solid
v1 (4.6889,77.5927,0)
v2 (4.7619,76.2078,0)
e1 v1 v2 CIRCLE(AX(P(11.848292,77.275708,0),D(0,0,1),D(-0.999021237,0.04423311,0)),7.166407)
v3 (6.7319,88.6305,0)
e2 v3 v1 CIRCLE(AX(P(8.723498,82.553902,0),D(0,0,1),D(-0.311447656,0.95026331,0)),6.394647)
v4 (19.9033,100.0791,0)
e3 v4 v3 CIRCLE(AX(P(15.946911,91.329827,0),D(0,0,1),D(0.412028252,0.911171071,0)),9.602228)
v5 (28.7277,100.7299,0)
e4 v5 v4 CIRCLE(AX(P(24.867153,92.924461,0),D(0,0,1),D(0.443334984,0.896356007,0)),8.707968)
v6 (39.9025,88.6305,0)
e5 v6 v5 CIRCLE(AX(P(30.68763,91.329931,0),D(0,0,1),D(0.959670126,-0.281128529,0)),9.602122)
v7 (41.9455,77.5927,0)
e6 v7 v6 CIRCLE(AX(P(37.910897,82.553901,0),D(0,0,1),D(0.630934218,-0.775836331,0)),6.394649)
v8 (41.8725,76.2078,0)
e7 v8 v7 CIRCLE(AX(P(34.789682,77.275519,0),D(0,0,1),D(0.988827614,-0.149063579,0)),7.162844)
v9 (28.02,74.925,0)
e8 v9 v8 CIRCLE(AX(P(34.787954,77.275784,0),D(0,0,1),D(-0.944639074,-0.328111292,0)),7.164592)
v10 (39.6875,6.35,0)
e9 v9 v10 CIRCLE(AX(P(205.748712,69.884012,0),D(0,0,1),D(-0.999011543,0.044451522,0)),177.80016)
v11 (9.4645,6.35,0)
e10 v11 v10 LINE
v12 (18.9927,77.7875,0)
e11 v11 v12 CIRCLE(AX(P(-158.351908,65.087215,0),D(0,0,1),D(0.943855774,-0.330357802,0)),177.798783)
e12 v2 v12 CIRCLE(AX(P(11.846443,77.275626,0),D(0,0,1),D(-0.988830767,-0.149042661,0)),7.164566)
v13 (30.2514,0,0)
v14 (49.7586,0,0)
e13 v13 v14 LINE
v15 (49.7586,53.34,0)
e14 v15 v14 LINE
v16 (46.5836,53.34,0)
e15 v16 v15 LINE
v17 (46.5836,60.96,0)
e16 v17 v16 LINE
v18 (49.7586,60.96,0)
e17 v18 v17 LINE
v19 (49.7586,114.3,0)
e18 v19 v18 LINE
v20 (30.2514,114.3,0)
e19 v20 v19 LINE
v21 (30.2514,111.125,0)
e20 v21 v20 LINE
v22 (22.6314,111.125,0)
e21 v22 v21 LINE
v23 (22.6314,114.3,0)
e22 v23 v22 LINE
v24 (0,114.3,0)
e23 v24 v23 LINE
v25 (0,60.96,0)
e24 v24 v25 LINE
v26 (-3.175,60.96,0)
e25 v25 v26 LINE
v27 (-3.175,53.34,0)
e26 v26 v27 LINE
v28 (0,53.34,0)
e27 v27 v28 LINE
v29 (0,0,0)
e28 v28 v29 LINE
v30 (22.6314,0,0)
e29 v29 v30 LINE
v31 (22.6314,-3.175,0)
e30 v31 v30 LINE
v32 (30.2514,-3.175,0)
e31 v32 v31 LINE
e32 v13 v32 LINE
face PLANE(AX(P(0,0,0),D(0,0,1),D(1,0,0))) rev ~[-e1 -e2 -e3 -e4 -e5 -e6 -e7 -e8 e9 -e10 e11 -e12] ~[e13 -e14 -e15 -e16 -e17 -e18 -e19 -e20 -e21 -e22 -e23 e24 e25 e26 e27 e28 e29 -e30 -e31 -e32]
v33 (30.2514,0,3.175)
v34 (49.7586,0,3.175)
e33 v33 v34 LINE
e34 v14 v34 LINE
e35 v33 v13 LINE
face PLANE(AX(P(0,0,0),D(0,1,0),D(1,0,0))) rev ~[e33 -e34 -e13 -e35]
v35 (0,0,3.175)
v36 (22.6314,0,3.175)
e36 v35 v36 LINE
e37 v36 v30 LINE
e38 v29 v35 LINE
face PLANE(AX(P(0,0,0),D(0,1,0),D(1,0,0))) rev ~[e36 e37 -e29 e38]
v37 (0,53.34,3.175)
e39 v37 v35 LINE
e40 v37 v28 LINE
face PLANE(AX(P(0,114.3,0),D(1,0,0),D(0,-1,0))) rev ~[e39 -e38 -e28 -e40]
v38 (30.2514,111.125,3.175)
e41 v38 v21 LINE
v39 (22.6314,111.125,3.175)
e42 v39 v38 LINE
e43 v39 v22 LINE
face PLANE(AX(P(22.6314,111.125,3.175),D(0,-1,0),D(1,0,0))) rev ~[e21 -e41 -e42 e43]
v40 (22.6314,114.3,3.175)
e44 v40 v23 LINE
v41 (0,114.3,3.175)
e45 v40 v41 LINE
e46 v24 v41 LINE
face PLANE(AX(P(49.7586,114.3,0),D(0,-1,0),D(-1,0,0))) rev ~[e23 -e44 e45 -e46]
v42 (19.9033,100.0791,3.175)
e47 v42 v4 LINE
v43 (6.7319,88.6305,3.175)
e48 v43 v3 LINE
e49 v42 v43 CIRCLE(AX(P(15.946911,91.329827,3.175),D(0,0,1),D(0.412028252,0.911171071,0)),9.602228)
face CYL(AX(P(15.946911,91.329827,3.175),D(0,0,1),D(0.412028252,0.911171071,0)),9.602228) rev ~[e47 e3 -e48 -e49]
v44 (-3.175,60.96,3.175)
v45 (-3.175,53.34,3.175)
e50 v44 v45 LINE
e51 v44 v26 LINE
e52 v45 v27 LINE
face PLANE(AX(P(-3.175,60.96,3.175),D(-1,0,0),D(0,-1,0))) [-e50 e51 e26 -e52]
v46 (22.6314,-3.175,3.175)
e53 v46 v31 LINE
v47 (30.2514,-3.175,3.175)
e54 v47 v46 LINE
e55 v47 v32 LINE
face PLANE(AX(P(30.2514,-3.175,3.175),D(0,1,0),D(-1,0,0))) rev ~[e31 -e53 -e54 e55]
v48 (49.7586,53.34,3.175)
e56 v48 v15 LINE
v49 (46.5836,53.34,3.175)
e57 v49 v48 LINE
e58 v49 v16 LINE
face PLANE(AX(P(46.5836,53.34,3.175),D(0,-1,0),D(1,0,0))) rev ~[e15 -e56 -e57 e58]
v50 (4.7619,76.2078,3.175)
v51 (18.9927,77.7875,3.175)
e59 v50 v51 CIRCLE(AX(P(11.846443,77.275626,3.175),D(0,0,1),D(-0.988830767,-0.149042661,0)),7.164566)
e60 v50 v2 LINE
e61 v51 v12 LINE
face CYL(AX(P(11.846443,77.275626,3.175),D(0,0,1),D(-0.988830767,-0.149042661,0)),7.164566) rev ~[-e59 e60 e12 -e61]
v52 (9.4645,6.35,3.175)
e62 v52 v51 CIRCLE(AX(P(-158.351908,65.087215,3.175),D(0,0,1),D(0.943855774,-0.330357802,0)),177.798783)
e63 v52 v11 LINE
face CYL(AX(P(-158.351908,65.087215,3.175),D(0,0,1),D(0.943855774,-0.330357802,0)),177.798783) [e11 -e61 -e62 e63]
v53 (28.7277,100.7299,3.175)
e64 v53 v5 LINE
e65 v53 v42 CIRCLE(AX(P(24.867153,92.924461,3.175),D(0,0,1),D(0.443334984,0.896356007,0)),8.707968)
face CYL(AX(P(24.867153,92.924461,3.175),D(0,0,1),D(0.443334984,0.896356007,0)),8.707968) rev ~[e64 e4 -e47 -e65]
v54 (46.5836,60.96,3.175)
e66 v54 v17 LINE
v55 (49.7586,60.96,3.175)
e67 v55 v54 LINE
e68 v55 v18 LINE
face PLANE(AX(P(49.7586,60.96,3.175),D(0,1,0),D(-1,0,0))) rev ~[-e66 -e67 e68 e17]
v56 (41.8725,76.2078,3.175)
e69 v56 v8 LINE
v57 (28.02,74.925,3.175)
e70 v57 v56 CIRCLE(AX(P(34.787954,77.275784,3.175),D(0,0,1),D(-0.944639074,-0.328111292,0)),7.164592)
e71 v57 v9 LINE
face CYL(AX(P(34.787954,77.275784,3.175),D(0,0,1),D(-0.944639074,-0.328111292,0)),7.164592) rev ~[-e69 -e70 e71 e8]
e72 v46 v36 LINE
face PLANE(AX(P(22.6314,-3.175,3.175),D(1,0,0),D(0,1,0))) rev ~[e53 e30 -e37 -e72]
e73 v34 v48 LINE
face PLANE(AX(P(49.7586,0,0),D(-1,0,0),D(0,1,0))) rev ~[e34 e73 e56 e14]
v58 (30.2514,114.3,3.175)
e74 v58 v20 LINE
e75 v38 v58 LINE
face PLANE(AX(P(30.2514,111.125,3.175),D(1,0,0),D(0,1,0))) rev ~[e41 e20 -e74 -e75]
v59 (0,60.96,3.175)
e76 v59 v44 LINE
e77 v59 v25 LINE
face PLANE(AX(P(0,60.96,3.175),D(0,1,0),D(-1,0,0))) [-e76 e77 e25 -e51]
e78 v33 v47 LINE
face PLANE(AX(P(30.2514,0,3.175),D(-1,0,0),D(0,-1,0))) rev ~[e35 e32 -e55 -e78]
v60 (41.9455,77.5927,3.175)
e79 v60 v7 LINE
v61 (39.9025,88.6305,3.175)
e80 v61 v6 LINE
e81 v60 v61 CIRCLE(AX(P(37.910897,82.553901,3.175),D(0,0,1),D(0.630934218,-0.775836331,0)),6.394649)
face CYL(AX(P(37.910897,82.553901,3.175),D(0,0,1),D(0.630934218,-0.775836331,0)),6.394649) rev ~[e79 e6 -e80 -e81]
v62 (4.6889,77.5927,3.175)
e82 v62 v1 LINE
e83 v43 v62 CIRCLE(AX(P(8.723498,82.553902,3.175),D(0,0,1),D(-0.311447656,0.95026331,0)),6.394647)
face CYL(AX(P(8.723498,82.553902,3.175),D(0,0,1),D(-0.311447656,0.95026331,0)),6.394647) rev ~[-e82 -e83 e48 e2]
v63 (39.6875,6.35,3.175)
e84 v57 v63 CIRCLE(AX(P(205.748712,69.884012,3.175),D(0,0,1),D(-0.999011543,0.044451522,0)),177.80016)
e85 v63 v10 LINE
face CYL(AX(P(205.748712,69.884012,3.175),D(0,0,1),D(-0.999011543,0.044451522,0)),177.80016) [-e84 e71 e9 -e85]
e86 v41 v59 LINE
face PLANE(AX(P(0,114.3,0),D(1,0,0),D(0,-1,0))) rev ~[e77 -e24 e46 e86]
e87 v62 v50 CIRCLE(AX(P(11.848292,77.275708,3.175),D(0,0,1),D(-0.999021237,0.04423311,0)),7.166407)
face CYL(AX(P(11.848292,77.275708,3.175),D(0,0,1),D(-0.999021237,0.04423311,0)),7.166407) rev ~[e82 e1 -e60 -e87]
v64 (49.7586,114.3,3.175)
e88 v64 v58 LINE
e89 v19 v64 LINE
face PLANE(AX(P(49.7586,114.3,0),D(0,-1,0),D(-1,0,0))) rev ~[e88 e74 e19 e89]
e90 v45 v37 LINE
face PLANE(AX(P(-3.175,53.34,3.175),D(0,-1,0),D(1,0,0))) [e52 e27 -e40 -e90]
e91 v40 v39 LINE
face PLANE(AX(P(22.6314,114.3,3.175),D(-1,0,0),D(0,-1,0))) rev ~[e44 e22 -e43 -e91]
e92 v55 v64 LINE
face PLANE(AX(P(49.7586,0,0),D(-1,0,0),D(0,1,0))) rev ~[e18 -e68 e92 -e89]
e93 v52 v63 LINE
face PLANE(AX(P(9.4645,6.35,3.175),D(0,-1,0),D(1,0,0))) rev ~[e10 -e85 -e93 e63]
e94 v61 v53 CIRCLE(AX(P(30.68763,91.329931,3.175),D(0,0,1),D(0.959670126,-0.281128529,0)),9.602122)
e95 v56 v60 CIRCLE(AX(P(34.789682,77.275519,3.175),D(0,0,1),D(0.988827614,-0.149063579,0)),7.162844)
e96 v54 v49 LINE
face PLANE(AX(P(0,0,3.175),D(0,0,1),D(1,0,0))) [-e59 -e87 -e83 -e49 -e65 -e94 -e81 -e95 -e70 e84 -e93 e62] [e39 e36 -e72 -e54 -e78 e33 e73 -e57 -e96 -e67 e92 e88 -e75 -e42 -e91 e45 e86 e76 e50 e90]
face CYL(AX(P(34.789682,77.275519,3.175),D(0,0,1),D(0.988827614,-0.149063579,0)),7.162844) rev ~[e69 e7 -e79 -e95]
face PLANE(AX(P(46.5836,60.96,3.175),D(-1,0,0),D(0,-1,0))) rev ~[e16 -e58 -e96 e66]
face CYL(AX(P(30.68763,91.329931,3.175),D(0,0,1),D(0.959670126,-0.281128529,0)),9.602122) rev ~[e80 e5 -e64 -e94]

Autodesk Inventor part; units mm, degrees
ref_plane "YZ Plane" through (0, 0, 0) normal (1, 0, 0) x (0, 1, 0)
ref_plane "XZ Plane" through (0, 0, 0) normal (0, 1, 0) x (-1, 0, 0)
ref_plane "XY Plane" through (0, 0, 0) normal (0, 0, 1) x (1, 0, 0)
sketch "Sketch1" plane through (0, 0, 0) normal (0, 0, 1) x (1, 0, 0)
  line L0 (0, 0) -> (49.7586, 0)
  line L1 (49.7586, 0) -> (49.7586, 114.3)
  line L2 (49.7586, 114.3) -> (0, 114.3)
  line L3 (0, 114.3) -> (0, 0)
  dimension "d0" = 114.3
  dimension "d1" = 49.7586
extrude "Extrusion1" add sketch "Sketch1" along normal blind 3.175
sketch "Sketch2" plane through (0, 0, 3.175) normal (0, 0, 1) x (1, 0, 0)
  line L0 (0, 114.3) -> (0, 0) projected
  line L1 (49.7586, 0) -> (49.7586, 114.3) projected
  line L2 (0, 60.96) -> (-3.175, 60.96)
  line L3 (-3.175, 60.96) -> (-3.175, 53.34)
  line L4 (-3.175, 53.34) -> (0, 53.34)
  line L5 (0, 53.34) -> (0, 60.96)
  line L6 (49.7586, 60.96) -> (46.5836, 60.96)
  line L7 (46.5836, 60.96) -> (46.5836, 53.34)
  line L8 (46.5836, 53.34) -> (49.7586, 53.34)
  line L9 (49.7586, 53.34) -> (49.7586, 60.96)
  line L10 (49.7586, 114.3) -> (0, 114.3) projected
  line L11 (0, 0) -> (49.7586, 0) projected
  line L12 (30.2514, 114.3) -> (22.6314, 114.3)
  line L13 (30.2514, 0) -> (30.2514, -3.175)
  line L14 (30.2514, -3.175) -> (22.6314, -3.175)
  line L15 (22.6314, -3.175) -> (22.6314, 0)
  line L16 (22.6314, 0) -> (30.2514, 0)
  line L17 (22.6314, 114.3) -> (22.6314, 111.125)
  line L18 (22.6314, 111.125) -> (30.2514, 111.125)
  line L19 (30.2514, 111.125) -> (30.2514, 114.3)
  point P0 (0, 57.15)
  point P1 (49.7586, 57.15)
  point P2 (26.4414, 0)
  point P3 (26.4414, 114.3)
  dimension "d4" = 3.81
  dimension "d5" = 7.62
  dimension "d6" = 3.175
  dimension "d7" = 3.81
  dimension "d8" = 7.62
  dimension "d9" = 3.175
  dimension "d13" = 7.62
  dimension "d15" = 3.175
  dimension "d20" = 7.62
  dimension "d22" = 3.175
  dimension "d33" = 3.81
  dimension "d34" = 26.4414
  dimension "d35" = 26.4414
  dimension "d36" = 3.81
extrude "Extrusion2" add sketch "Sketch2" against normal blind 3.175 contours L0 L4 L3 L2 | L10 L19 L18 L17 | L11 L13 L14 L15 | L1 L8 L7 L6
extrude "Extrusion3" cut sketch "Sketch2" against normal blind 3.175 contours L10 L19 L18 L17 | L1 L8 L7 L6
sketch "Sketch3" plane through (0, 0, 3.175) normal (0, 0, 1) x (1, 0, 0)
  line L0 (0, 60.96) -> (0, 114.3)
  line L1 (22.6314, 114.3) -> (0, 114.3) projected
  line L2 (0, 114.3) -> (22.6314, 114.3)
  line L3 (22.6314, 114.3) -> (22.6314, 111.125)
  line L4 (22.6314, 111.125) -> (30.2514, 111.125)
  line L5 (30.2514, 111.125) -> (22.6314, 111.125) projected
  line L6 (30.2514, 111.125) -> (30.2514, 114.3)
  line L7 (30.2514, 114.3) -> (49.7586, 114.3)
  line L8 (49.7586, 114.3) -> (49.7586, 60.96)
  line L9 (49.7586, 60.96) -> (49.7586, 114.3) projected
  line L10 (49.7586, 60.96) -> (46.5836, 60.96)
  line L11 (46.5836, 60.96) -> (46.5836, 53.34)
  line L12 (46.5836, 60.96) -> (46.5836, 53.34) projected
  line L13 (46.5836, 53.34) -> (49.7586, 53.34)
  line L14 (49.7586, 53.34) -> (49.7586, 0)
  line L15 (49.7586, 0) -> (49.7586, 53.34) projected
  line L16 (49.7586, 0) -> (30.2514, 0)
  line L17 (0, 0) -> (22.6314, 0) projected
  line L18 (30.2514, 0) -> (30.2514, -3.175)
  line L19 (30.2514, -3.175) -> (22.6314, -3.175)
  line L20 (22.6314, -3.175) -> (30.2514, -3.175) projected
  line L21 (22.6314, -3.175) -> (22.6314, 0)
  line L22 (22.6314, 0) -> (0, 0)
  line L23 (0, 0) -> (0, 53.34)
  line L24 (0, 53.34) -> (0, 0) projected
  line L25 (0, 53.34) -> (-3.175, 53.34)
  line L26 (-3.175, 53.34) -> (-3.175, 60.96)
  line L27 (-3.175, 60.96) -> (-3.175, 53.34) projected
  line L28 (-3.175, 60.96) -> (0, 60.96)
sketch "Sketch4" plane through (0, 0, 3.175) normal (0, 0, 1) x (1, 0, 0)
  arc A0 (9.4645, 6.35) -> (18.9927, 77.7875) centre (-158.3531, 65.0875) ccw
  arc A1 (28.1243, 77.7875) -> (39.6875, 6.35) centre (205.7485, 69.884) ccw
  line L0 (0, 0) -> (22.6314, 0) projected
  line L1 (30.2514, 0) -> (49.7586, 0) projected
  line L2 (9.4645, 6.35) -> (39.6875, 6.35)
  arc A2 (4.7619, 76.2078) -> (18.9927, 77.7875) centre (11.8465, 77.2757) ccw
  arc A3 (6.7319, 88.6305) -> (4.6889, 77.5927) centre (8.7235, 82.5539) ccw
  arc A4 (4.6889, 77.5927) -> (4.7619, 76.2078) centre (11.8465, 77.2757) ccw
  arc A5 (19.9033, 100.0791) -> (6.7319, 88.6305) centre (15.9469, 91.3299) ccw
  line L3 (23.3172, 114.3) -> (23.3172, 47.625) construction
  line L4 (49.7586, 60.96) -> (49.7586, 114.3) projected
  arc A6 (28.02, 74.925) -> (41.8725, 76.2078) centre (34.7879, 77.2757) ccw
  arc A7 (41.9455, 77.5927) -> (39.9025, 88.6305) centre (37.9109, 82.5539) ccw
  arc A8 (41.8725, 76.2078) -> (41.9455, 77.5927) centre (34.7879, 77.2757) ccw
  arc A9 (39.9025, 88.6305) -> (28.7277, 100.7299) centre (30.6875, 91.3299) ccw
  arc A10 (28.7277, 100.7299) -> (19.9033, 100.0791) centre (24.8672, 92.9247) ccw
  point P0 (21.8385, 98.9122)
  point P1 (27.6417, 77.7875)
  point P2 (24.7959, 98.9122)
  dimension "d23" = 71.4375
  dimension "d24" = 6.35
  dimension "d25" = 177.8
  dimension "d26" = 6.35
  dimension "d28" = 177.8
  dimension "d29" = 26.4414
  dimension "d30" = 71.4375
extrude "Extrusion4" cut sketch "Sketch4" against normal blind 25.4
properties part number "Birdhouse Wall 2" material "Wood (Birch)"
